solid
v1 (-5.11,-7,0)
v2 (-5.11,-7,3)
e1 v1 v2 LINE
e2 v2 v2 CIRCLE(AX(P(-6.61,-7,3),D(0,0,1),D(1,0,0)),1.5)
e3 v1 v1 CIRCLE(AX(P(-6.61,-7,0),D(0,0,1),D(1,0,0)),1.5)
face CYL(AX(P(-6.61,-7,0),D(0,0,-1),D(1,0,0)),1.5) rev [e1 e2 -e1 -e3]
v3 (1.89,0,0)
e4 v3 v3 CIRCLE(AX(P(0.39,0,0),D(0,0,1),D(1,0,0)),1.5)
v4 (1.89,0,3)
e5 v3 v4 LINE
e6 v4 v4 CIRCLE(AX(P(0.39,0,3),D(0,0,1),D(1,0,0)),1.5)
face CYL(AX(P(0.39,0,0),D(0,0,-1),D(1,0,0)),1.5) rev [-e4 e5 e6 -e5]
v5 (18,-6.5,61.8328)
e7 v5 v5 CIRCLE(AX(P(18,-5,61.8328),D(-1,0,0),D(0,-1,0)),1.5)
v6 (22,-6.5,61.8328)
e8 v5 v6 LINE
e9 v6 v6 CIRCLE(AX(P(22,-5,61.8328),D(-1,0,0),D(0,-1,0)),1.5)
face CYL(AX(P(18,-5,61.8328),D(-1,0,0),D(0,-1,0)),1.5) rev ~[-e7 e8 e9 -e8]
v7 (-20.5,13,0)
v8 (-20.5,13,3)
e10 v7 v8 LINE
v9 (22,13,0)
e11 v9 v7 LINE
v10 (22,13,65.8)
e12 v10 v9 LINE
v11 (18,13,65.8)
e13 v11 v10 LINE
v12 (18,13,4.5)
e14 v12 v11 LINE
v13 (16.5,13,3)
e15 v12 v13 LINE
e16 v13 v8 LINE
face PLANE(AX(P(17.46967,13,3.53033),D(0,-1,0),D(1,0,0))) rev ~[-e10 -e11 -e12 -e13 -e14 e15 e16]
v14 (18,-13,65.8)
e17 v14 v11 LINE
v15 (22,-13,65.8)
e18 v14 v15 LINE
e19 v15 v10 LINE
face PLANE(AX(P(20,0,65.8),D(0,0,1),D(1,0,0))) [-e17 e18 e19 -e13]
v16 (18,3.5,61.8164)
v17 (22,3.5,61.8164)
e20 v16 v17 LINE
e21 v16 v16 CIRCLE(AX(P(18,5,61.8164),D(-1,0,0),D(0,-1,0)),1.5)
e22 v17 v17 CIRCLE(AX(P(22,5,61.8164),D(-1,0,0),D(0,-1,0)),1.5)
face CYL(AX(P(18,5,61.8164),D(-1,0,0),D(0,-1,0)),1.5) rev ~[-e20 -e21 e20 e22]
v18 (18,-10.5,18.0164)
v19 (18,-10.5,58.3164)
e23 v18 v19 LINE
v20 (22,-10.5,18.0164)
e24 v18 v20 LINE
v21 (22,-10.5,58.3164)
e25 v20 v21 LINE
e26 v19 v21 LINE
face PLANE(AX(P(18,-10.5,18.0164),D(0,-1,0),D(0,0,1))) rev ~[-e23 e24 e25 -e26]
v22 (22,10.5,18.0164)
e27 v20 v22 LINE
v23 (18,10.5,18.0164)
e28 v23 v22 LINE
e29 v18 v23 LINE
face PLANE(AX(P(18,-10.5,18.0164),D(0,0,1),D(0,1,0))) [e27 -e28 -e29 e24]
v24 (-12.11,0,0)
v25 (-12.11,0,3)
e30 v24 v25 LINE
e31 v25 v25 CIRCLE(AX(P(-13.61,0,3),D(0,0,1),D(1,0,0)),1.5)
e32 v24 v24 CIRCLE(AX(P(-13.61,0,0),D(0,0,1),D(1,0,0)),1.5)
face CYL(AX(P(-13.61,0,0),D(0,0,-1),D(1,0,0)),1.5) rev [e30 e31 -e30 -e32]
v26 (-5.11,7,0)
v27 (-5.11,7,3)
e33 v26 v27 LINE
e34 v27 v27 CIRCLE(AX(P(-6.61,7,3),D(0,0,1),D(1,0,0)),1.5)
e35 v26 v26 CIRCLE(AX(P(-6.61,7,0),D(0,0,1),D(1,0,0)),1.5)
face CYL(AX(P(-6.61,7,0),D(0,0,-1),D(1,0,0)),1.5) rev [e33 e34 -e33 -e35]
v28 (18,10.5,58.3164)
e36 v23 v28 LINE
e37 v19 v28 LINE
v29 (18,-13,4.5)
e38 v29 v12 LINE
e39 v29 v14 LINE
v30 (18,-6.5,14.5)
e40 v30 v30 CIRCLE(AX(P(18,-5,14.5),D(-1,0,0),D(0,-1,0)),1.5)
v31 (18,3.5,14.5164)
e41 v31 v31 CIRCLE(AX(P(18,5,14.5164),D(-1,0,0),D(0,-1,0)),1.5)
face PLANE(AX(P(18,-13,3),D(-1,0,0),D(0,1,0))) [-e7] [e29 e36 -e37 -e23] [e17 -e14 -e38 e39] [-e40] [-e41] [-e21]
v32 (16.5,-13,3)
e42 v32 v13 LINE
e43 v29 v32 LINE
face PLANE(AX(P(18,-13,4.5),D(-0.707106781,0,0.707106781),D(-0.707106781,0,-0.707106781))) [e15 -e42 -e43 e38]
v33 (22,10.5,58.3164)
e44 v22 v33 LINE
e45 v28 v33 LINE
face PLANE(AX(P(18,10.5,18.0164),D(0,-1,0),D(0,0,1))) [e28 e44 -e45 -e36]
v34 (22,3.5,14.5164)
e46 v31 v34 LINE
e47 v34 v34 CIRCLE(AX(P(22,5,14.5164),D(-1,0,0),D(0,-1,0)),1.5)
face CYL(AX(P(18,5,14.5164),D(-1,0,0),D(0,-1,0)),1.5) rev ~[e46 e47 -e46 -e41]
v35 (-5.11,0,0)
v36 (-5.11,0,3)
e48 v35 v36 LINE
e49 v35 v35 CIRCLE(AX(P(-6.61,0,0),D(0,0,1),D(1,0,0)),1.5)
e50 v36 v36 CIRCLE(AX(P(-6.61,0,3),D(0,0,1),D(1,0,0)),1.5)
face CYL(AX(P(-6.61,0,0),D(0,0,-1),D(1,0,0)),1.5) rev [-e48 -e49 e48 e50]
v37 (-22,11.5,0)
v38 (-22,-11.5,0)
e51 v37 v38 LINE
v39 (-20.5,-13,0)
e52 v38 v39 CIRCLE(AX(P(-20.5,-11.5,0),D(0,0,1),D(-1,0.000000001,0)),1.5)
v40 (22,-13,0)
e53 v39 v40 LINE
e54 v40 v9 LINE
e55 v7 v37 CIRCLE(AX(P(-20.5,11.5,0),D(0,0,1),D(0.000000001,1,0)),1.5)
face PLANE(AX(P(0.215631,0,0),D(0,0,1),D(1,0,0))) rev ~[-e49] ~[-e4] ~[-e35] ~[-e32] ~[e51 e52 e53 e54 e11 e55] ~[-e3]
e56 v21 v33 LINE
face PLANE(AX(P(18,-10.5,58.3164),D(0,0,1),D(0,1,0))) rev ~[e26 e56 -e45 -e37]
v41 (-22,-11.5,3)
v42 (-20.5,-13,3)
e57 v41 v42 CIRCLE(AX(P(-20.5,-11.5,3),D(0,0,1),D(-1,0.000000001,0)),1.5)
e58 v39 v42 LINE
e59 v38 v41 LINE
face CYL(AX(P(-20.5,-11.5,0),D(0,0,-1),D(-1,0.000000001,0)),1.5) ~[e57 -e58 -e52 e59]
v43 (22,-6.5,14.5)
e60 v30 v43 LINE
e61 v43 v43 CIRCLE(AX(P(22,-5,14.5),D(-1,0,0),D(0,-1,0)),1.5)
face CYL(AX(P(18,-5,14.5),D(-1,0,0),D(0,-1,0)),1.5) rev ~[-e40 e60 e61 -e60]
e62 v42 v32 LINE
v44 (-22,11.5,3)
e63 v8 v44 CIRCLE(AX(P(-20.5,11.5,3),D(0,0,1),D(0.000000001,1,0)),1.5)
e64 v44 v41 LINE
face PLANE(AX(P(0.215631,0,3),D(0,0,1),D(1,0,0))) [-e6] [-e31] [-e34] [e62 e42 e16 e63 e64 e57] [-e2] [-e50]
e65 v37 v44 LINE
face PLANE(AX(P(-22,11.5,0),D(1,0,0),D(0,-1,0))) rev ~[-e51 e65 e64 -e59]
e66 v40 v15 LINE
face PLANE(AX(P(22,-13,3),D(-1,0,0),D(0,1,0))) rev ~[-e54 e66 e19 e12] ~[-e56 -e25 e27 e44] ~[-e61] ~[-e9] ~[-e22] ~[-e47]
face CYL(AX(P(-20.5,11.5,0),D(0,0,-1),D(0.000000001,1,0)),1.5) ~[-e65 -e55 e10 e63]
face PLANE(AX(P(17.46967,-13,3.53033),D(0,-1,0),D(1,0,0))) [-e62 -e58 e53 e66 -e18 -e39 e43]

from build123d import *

# Parameters (mm, degrees)
CROQUIS1_R              = 1.5
SALIENTE_EXTRUIR1_DEPTH = 3
CROQUIS2_W              = 4
CROQUIS2_H              = 26
SALIENTE_EXTRUIR2_DEPTH = 62.8
SALIENTE_EXTRUIR3_DEPTH = 26
CROQUIS5_W              = 40.3
CROQUIS5_H              = 21
CROQUIS5_R              = 1.5
CORTAR_EXTRUIR1_DEPTH   = 26


with BuildPart() as part:
    # Croquis1 → Saliente-Extruir1 (new body)
    with BuildSketch(Plane.XY):
        with BuildLine():
            Line((-20.5, -13), (22, -13))
            Line((22, -13), (22, 13))
            Line((22, 13), (-20.5, 13))
            ThreePointArc((-20.5, 13), (-21.560660172, 12.560660172), (-22, 11.5))
            Line((-22, 11.5), (-22, -11.5))
            ThreePointArc((-22, -11.5), (-21.560660172, -12.560660172), (-20.5, -13))
        make_face()
        with Locations((-6.61, 0)):
            Circle(CROQUIS1_R, mode=Mode.SUBTRACT)
        with Locations((-13.61, 0)):
            Circle(CROQUIS1_R, mode=Mode.SUBTRACT)
        with Locations((-6.61, 7)):
            Circle(CROQUIS1_R, mode=Mode.SUBTRACT)
        with Locations((0.39, 0)):
            Circle(CROQUIS1_R, mode=Mode.SUBTRACT)
        with Locations((-6.61, -7)):
            Circle(CROQUIS1_R, mode=Mode.SUBTRACT)
    extrude(amount=SALIENTE_EXTRUIR1_DEPTH)

    # Croquis2 → Saliente-Extruir2 (add)
    with BuildSketch(Plane.XY.offset(3)):
        with Locations((20, 0)):
            Rectangle(CROQUIS2_W, CROQUIS2_H)
    extrude(amount=SALIENTE_EXTRUIR2_DEPTH)

    # Croquis3 → Saliente-Extruir3 (add)
    with BuildSketch(Plane.XZ.offset(13)):
        Polygon((18, 3), (18, 4.5), (16.5, 3), align=None)
    extrude(amount=-SALIENTE_EXTRUIR3_DEPTH)

    # Croquis5 → Cortar-Extruir1 (cut)
    with BuildSketch(Plane.ZY.offset(-18)):
        with Locations((38.1664, 0)):
            Rectangle(CROQUIS5_W, CROQUIS5_H)
        with Locations(Location((14.5, -5, 0), (0, 0, 270))):
            Circle(CROQUIS5_R)
        with Locations(Location((14.5164, 5, 0), (0, 0, 270))):
            Circle(CROQUIS5_R)
        with Locations(Location((61.8164, 5, 0), (0, 0, 270))):
            Circle(CROQUIS5_R)
        with Locations(Location((61.8328, -5, 0), (0, 0, 270))):
            Circle(CROQUIS5_R)
    extrude(amount=-CORTAR_EXTRUIR1_DEPTH, mode=Mode.SUBTRACT)


solid = part.part
